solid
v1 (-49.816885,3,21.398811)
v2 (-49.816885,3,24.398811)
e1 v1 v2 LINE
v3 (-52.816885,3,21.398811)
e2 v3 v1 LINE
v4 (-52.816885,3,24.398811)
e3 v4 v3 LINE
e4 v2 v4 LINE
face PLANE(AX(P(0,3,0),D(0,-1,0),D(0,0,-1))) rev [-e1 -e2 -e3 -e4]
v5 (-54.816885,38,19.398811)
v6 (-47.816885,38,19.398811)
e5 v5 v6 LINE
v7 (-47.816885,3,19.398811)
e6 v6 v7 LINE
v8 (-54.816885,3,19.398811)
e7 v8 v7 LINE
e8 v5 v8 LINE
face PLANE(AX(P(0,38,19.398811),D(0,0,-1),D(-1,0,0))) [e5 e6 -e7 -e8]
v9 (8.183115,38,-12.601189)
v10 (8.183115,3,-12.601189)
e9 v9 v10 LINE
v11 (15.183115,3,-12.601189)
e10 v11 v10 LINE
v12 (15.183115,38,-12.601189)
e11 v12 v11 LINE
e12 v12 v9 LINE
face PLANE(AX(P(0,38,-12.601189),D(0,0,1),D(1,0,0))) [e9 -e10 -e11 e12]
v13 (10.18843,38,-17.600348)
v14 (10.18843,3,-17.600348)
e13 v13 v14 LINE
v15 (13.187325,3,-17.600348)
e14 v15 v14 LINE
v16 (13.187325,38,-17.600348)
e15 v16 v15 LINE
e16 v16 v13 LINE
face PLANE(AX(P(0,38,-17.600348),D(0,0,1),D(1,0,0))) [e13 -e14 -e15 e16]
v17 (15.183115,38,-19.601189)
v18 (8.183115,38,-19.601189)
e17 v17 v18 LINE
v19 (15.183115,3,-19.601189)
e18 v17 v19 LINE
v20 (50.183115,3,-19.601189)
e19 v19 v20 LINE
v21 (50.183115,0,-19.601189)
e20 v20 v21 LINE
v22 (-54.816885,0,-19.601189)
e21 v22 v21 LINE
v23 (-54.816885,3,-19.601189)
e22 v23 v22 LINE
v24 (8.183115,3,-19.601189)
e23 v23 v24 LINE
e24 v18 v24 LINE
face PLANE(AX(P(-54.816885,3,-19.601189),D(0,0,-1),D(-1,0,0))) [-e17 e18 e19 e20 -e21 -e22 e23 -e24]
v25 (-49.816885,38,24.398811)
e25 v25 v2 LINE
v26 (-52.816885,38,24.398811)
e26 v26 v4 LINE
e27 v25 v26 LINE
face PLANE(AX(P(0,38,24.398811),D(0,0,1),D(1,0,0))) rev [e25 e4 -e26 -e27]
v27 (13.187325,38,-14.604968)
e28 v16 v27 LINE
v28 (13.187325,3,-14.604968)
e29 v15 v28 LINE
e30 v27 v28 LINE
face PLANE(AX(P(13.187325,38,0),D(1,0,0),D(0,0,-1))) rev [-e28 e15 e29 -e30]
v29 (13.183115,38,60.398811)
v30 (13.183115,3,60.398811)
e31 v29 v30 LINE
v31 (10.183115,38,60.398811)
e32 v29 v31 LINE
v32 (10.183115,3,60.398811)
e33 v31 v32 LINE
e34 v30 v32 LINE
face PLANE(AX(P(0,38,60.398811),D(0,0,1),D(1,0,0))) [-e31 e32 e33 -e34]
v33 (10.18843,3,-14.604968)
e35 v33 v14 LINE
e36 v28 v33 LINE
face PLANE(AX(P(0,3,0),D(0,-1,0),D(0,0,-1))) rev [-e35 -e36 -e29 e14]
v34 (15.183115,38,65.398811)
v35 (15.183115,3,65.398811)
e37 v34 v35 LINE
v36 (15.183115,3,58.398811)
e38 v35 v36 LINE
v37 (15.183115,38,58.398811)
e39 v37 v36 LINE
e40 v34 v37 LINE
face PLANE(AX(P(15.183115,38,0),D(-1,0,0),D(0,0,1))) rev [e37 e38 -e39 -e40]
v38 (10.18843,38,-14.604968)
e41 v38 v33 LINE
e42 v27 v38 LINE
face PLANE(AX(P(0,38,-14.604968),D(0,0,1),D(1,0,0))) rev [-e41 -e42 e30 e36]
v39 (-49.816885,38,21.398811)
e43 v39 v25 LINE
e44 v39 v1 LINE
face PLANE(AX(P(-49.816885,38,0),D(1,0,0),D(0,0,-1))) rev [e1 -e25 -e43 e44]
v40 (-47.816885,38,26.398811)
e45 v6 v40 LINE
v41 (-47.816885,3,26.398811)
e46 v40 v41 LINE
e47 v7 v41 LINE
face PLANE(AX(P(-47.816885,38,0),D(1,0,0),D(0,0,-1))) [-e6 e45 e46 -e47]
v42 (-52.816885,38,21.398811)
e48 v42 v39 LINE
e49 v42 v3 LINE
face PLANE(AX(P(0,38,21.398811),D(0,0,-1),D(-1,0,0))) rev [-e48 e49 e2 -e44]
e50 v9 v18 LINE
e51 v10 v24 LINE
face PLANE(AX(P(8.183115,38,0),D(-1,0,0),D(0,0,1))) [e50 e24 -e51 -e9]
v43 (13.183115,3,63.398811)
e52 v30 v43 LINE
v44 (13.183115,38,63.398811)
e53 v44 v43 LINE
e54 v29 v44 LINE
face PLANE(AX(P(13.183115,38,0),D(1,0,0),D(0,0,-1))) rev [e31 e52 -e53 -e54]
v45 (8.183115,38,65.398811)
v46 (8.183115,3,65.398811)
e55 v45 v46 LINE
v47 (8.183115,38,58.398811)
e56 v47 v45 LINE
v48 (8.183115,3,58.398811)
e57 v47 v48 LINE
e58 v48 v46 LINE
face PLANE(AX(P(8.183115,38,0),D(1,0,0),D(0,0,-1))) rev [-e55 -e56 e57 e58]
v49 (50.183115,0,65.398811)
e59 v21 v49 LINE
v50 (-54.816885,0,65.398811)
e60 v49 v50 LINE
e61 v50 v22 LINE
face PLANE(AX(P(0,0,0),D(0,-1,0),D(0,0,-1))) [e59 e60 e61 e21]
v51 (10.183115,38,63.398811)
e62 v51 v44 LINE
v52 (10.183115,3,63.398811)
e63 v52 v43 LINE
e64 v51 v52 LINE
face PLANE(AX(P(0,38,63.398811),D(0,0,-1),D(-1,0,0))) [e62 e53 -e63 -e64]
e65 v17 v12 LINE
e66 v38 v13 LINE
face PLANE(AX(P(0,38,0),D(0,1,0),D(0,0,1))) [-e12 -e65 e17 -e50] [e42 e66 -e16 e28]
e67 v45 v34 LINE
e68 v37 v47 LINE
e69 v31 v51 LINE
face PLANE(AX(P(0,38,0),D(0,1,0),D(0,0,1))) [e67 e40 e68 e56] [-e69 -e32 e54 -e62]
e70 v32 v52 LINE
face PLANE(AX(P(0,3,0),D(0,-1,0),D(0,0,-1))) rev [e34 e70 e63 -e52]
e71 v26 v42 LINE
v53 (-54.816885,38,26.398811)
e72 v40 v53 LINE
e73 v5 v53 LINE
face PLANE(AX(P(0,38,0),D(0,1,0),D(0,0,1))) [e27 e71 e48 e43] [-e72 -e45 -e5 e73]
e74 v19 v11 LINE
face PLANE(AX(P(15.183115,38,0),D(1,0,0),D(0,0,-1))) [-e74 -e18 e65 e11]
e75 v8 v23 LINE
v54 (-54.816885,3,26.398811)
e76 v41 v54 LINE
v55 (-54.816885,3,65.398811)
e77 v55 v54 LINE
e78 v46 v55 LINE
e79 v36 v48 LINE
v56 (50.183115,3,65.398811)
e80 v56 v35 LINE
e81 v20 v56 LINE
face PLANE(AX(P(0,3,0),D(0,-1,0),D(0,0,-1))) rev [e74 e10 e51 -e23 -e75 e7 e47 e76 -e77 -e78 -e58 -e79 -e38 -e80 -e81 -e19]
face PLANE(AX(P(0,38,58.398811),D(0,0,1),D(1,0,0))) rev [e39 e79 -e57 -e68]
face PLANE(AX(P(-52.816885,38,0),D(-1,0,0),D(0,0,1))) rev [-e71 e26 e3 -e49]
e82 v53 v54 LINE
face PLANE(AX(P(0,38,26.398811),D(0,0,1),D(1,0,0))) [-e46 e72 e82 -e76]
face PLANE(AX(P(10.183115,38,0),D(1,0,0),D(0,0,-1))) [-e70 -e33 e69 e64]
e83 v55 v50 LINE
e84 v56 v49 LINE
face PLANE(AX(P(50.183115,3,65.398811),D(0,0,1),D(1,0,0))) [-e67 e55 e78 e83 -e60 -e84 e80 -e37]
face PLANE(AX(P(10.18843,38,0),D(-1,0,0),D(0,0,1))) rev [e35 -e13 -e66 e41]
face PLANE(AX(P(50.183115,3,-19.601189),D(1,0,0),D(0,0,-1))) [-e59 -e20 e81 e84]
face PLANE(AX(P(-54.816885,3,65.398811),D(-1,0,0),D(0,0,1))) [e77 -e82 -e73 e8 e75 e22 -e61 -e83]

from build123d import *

# Parameters (mm, degrees)
SKETCH3_W           = 105
SKETCH3_H           = 85
BOSS_EXTRUDE3_DEPTH = 3
SKETCH5_W           = 7
SKETCH5_H           = 7
SKETCH5_W_2         = 3
SKETCH5_H_2         = 3
BOSS_EXTRUDE4_DEPTH = 35
SKETCH9_W           = 2.998895248
SKETCH9_H           = 2.995380601
BOSS_EXTRUDE5_DEPTH = 35
SKETCH11_W          = 7
SKETCH11_H          = 7
SKETCH11_W_2        = 3
SKETCH11_H_2        = 3
BOSS_EXTRUDE6_DEPTH = 35


with BuildPart() as part:
    # Sketch3 → Boss-Extrude3 (new body)
    with BuildSketch(Plane(origin=(0, 0, 0), x_dir=(1, 0, 0), z_dir=(0, 1, 0))):
        with Locations((-2.316884661, -22.898810939)):
            Rectangle(SKETCH3_W, SKETCH3_H)
    extrude(amount=BOSS_EXTRUDE3_DEPTH)

    # Sketch5 → Boss-Extrude4 (add)
    with BuildSketch(Plane(origin=(0, 3, 0), x_dir=(1, 0, 0), z_dir=(0, 1, 0))):
        with Locations((11.683115339, -61.898810939)):
            Rectangle(SKETCH5_W, SKETCH5_H)
        with Locations((11.683115339, -61.898810939)):
            Rectangle(SKETCH5_W_2, SKETCH5_H_2, mode=Mode.SUBTRACT)
    extrude(amount=BOSS_EXTRUDE4_DEPTH)

    # Sketch9 → Boss-Extrude5 (add)
    with BuildSketch(Plane(origin=(0, 3, 0), x_dir=(1, 0, 0), z_dir=(0, 1, 0))):
        Polygon((15.183115339, 12.601189061), (15.183115339, 19.601189061), (8.183115339, 19.601189061), (8.183115339, 17.600348451), (8.183115339, 12.601189061), align=None)
        with Locations((11.687877227, 16.102658151)):
            Rectangle(SKETCH9_W, SKETCH9_H, mode=Mode.SUBTRACT)
    extrude(amount=BOSS_EXTRUDE5_DEPTH)

    # Sketch11 → Boss-Extrude6 (add)
    with BuildSketch(Plane(origin=(0, 3, 0), x_dir=(1, 0, 0), z_dir=(0, 1, 0))):
        with Locations((-51.316884661, -22.898810939)):
            Rectangle(SKETCH11_W, SKETCH11_H)
        with Locations((-51.316884661, -22.898810939)):
            Rectangle(SKETCH11_W_2, SKETCH11_H_2, mode=Mode.SUBTRACT)
    extrude(amount=BOSS_EXTRUDE6_DEPTH)


solid = part.part
